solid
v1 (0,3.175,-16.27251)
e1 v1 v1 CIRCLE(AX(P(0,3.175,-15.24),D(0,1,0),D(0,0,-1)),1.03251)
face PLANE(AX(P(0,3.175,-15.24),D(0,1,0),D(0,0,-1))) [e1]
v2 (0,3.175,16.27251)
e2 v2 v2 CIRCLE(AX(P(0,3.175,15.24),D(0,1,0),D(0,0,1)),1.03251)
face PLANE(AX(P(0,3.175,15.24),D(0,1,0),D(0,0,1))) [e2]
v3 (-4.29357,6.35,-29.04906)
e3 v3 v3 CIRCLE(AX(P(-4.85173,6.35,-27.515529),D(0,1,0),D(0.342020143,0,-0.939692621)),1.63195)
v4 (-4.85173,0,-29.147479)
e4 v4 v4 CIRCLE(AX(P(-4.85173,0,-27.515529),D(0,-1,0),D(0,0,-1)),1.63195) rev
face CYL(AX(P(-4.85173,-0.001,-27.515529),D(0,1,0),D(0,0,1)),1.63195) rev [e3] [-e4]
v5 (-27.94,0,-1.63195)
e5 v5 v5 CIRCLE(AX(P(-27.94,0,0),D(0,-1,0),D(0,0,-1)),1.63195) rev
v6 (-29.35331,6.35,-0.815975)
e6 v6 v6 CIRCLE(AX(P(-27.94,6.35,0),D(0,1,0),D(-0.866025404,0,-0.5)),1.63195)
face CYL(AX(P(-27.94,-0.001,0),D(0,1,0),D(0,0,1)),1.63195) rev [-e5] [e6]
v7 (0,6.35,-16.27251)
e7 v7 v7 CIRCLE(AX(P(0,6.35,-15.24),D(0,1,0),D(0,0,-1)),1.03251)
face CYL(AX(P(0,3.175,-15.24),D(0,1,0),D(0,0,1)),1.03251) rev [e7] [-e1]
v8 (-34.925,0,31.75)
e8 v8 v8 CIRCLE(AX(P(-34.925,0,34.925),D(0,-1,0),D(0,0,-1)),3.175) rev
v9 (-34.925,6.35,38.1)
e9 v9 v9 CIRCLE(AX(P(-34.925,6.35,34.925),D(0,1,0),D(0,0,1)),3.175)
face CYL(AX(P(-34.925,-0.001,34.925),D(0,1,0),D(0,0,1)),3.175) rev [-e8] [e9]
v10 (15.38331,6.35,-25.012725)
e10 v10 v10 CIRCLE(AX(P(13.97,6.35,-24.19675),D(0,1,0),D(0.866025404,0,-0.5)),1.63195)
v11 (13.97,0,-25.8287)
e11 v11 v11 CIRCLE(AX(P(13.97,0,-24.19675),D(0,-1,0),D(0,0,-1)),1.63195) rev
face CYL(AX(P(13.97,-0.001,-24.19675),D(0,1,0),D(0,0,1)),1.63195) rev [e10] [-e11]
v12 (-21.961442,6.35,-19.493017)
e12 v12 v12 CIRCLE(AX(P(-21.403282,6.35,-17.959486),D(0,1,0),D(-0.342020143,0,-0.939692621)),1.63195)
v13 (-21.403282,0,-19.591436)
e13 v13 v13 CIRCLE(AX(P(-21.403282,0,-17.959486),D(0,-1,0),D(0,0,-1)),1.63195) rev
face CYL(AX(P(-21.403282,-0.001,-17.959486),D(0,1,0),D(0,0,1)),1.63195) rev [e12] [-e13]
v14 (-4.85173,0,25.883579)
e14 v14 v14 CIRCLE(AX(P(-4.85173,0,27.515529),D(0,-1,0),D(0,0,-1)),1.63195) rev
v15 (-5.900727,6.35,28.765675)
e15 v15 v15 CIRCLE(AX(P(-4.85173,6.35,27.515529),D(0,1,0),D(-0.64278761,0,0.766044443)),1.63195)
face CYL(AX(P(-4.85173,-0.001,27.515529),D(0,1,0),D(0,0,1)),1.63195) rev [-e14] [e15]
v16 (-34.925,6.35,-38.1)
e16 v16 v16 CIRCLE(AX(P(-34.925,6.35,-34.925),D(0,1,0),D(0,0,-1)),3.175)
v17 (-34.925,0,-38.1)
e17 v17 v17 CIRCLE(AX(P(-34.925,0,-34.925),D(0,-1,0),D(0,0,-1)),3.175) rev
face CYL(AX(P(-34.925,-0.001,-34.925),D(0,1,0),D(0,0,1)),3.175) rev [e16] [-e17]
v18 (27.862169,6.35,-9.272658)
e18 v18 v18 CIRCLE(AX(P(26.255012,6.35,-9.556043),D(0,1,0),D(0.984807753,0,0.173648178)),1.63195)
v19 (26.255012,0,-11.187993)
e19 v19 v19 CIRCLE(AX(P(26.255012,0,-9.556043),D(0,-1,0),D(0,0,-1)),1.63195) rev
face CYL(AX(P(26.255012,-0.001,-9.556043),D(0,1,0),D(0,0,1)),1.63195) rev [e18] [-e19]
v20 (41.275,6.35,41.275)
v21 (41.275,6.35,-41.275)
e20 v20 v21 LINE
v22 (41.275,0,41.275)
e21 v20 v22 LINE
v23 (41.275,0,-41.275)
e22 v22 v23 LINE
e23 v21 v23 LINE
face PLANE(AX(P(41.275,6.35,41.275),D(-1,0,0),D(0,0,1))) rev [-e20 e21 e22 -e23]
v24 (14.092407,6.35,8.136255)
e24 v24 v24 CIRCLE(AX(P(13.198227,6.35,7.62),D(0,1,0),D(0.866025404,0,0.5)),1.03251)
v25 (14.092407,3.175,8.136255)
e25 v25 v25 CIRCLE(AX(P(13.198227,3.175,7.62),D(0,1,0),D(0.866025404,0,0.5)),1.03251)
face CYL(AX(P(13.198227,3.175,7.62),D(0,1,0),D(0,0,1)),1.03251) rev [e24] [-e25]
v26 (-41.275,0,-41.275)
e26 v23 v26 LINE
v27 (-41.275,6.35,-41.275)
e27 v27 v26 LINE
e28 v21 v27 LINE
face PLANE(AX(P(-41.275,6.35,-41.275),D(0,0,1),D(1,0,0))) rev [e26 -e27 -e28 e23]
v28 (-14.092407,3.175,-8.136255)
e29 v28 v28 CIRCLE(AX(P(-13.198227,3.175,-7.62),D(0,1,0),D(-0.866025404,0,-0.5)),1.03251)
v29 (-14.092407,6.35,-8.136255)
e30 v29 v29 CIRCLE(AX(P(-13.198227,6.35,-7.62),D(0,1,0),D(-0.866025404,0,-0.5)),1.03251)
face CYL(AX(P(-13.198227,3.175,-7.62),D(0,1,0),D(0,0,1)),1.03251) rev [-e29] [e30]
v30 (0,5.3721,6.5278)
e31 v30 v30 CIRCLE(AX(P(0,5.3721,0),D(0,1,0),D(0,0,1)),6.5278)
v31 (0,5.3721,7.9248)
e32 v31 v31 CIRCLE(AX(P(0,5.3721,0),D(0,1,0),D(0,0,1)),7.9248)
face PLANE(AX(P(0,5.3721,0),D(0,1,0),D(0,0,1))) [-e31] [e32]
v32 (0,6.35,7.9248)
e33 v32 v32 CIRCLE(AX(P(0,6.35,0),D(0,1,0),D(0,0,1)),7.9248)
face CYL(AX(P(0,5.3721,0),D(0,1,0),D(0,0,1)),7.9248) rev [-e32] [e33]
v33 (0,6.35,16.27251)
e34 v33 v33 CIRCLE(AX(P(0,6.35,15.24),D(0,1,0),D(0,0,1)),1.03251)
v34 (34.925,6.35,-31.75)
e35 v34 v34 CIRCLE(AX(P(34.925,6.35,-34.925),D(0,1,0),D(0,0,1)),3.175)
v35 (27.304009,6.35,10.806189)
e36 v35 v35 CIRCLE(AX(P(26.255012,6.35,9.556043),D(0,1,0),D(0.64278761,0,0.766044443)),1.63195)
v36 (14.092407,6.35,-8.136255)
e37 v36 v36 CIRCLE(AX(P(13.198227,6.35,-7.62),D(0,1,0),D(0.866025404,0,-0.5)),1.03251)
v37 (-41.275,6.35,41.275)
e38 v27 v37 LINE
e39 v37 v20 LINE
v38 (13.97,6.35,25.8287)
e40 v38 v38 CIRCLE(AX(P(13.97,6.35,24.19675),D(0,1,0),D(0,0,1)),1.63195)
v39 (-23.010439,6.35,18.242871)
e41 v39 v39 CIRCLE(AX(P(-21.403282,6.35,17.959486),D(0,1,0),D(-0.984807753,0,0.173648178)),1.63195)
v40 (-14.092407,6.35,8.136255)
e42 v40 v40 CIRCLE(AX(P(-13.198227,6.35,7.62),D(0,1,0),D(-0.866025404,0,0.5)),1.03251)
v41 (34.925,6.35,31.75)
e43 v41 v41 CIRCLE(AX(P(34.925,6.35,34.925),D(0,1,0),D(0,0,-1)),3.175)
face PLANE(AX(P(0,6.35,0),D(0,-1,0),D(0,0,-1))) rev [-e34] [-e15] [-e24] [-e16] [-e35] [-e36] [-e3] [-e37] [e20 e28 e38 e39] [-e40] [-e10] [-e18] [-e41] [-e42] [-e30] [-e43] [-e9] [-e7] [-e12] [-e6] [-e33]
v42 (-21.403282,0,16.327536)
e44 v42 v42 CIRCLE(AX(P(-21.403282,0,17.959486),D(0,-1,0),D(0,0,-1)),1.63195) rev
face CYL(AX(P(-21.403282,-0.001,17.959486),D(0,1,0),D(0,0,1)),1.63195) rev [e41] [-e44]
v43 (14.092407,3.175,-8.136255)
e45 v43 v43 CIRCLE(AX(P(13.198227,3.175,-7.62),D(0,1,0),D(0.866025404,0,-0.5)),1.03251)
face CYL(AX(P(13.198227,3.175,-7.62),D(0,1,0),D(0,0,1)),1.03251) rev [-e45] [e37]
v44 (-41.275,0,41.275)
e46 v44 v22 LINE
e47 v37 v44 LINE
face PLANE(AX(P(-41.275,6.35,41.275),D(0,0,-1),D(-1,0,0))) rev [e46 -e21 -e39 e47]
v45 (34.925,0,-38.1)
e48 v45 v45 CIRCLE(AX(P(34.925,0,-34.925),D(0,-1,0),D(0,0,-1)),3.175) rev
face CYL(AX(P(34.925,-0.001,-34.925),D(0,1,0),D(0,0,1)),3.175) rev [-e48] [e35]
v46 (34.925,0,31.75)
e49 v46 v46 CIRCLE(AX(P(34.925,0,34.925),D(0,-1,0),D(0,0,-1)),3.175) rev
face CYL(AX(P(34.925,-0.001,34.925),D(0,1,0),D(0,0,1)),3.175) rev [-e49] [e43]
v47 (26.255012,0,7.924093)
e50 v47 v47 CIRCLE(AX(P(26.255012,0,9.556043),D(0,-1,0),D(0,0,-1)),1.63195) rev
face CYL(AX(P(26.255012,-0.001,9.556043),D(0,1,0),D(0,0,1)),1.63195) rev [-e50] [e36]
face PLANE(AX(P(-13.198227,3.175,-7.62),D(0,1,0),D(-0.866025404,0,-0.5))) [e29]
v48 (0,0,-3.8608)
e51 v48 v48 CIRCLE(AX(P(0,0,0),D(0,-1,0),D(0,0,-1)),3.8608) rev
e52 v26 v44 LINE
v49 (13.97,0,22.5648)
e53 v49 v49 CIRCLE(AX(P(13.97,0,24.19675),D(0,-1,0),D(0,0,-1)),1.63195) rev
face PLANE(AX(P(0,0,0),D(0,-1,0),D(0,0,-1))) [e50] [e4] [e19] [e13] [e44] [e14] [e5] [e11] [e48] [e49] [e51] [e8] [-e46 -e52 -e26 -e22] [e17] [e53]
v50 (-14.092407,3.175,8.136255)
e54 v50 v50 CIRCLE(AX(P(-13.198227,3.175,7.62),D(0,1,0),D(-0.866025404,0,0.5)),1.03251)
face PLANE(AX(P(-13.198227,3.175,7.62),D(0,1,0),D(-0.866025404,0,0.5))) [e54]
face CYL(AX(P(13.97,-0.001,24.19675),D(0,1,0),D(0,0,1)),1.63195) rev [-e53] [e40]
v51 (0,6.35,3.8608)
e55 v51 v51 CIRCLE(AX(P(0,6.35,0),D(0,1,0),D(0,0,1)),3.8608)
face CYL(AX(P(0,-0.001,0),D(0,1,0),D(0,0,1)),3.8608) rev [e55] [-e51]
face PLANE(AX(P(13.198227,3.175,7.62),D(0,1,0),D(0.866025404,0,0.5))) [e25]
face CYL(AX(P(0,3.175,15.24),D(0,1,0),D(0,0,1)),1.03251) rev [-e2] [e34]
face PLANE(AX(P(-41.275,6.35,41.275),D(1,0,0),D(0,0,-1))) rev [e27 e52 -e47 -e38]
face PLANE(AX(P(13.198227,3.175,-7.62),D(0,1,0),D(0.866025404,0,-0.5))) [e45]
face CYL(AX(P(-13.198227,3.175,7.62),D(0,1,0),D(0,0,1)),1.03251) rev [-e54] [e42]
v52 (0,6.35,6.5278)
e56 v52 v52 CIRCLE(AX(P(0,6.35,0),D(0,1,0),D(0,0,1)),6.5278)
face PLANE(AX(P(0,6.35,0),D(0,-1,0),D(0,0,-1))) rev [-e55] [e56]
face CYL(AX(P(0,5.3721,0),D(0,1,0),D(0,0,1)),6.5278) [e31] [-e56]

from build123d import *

# Parameters (mm, degrees)
SKETCH1_W           = 82.55
SKETCH1_H           = 82.55
BOSS_EXTRUDE1_DEPTH = 6.35
CUT_EXTRUDE1_REACH  = 60.716
SKETCH2_R           = 3.8608
SKETCH4_R           = 7.9248
SKETCH4_R_2         = 6.5278
CUT_EXTRUDE3_DEPTH  = 0.9779
SKETCH5_R           = 1.03251
CUT_EXTRUDE4_DEPTH  = 3.175
CIRPATTERN1_COUNT   = 6
CUT_EXTRUDE5_REACH  = 60.716
SKETCH6_R           = 1.63195
CIRPATTERN2_COUNT   = 9
CUT_EXTRUDE6_REACH  = 60.716
SKETCH7_R           = 3.175


with BuildPart() as part:
    # Sketch1 → Boss-Extrude1 (new body)
    with BuildSketch(Plane(origin=(0, 0, 0), x_dir=(1, 0, 0), z_dir=(0, 1, 0))):
        Rectangle(SKETCH1_W, SKETCH1_H)
    extrude(amount=BOSS_EXTRUDE1_DEPTH)

    # Sketch2 → Cut-Extrude1 (cut, up to next)
    with BuildSketch(Plane(origin=(0, 6.35, 0), x_dir=(1, 0, 0), z_dir=(0, 1, 0)), mode=Mode.PRIVATE) as cut_extrude1_sk1:
        with Locations(Location((0, 0, 0), (0, 0, 270))):
            Circle(SKETCH2_R)
    cut_extrude1_tool1 = extrude(cut_extrude1_sk1.sketch, amount=-CUT_EXTRUDE1_REACH, mode=Mode.PRIVATE) & part.part
    add(cut_extrude1_tool1.solids().sort_by_distance((0, 6.35, 0))[0], mode=Mode.SUBTRACT)

    # Sketch4 → Cut-Extrude3 (cut)
    with BuildSketch(Plane(origin=(0, 6.35, 0), x_dir=(1, 0, 0), z_dir=(0, 1, 0))):
        with Locations(Location((0, 0, 0), (0, 0, 270))):
            Circle(SKETCH4_R)
        with Locations(Location((0, 0, 0), (0, 0, 270))):
            Circle(SKETCH4_R_2, mode=Mode.SUBTRACT)
    extrude(amount=-CUT_EXTRUDE3_DEPTH, mode=Mode.SUBTRACT)

    # Sketch5 → Cut-Extrude4 (cut)
    with BuildSketch(Plane(origin=(0, 6.35, 0), x_dir=(1, 0, 0), z_dir=(0, 1, 0))):
        with Locations(Location((0, -15.24, 0), (0, 0, 270))):
            Circle(SKETCH5_R)
    cut_extrude4 = extrude(amount=-CUT_EXTRUDE4_DEPTH, mode=Mode.SUBTRACT)

    # CirPattern1: Cut-Extrude4 ×6 about axis
    cirpattern1_axis = Axis((0, 0, 0), (0, 1, 0))
    for i in range(1, CIRPATTERN1_COUNT):
        add(cut_extrude4.rotate(cirpattern1_axis, i * 360 / CIRPATTERN1_COUNT), mode=Mode.SUBTRACT)

    # Sketch6 → Cut-Extrude5 (cut, up to next)
    with BuildSketch(Plane(origin=(0, 6.35, 0), x_dir=(1, 0, 0), z_dir=(0, 1, 0)), mode=Mode.PRIVATE) as cut_extrude5_sk1:
        with Locations(Location((13.97, -24.196749782, 0), (0, 0, 270))):
            Circle(SKETCH6_R)
    cut_extrude5_tool1 = extrude(cut_extrude5_sk1.sketch, amount=-CUT_EXTRUDE5_REACH, mode=Mode.PRIVATE) & part.part
    cut_extrude5 = cut_extrude5_tool1.solids().sort_by_distance((13.97, 6.35, 24.19675))[0]
    add(cut_extrude5, mode=Mode.SUBTRACT)

    # CirPattern2: Cut-Extrude5 ×9 about axis
    cirpattern2_axis = Axis((0, 0, 0), (0, 1, 0))
    for i in range(1, CIRPATTERN2_COUNT):
        add(cut_extrude5.rotate(cirpattern2_axis, i * 360 / CIRPATTERN2_COUNT), mode=Mode.SUBTRACT)

    # Sketch7 → Cut-Extrude6 (cut, up to next)
    with BuildSketch(Plane(origin=(0, 6.35, 0), x_dir=(1, 0, 0), z_dir=(0, 1, 0)), mode=Mode.PRIVATE) as cut_extrude6_sk1:
        with Locations(Location((34.925, 34.925, 0), (0, 0, 270))):
            Circle(SKETCH7_R)
    cut_extrude6_tool1 = extrude(cut_extrude6_sk1.sketch, amount=-CUT_EXTRUDE6_REACH, mode=Mode.PRIVATE) & part.part
    # Sketch7 → Cut-Extrude6 (cut, up to next)
    with BuildSketch(Plane(origin=(0, 6.35, 0), x_dir=(1, 0, 0), z_dir=(0, 1, 0)), mode=Mode.PRIVATE) as cut_extrude6_sk2:
        with Locations(Location((34.925, -34.925, 0), (0, 0, 90))):
            Circle(SKETCH7_R)
    cut_extrude6_tool2 = extrude(cut_extrude6_sk2.sketch, amount=-CUT_EXTRUDE6_REACH, mode=Mode.PRIVATE) & part.part
    # Sketch7 → Cut-Extrude6 (cut, up to next)
    with BuildSketch(Plane(origin=(0, 6.35, 0), x_dir=(1, 0, 0), z_dir=(0, 1, 0)), mode=Mode.PRIVATE) as cut_extrude6_sk3:
        with Locations(Location((-34.925, -34.925, 0), (0, 0, 270))):
            Circle(SKETCH7_R)
    cut_extrude6_tool3 = extrude(cut_extrude6_sk3.sketch, amount=-CUT_EXTRUDE6_REACH, mode=Mode.PRIVATE) & part.part
    # Sketch7 → Cut-Extrude6 (cut, up to next)
    with BuildSketch(Plane(origin=(0, 6.35, 0), x_dir=(1, 0, 0), z_dir=(0, 1, 0)), mode=Mode.PRIVATE) as cut_extrude6_sk4:
        with Locations(Location((-34.925, 34.925, 0), (0, 0, 90))):
            Circle(SKETCH7_R)
    cut_extrude6_tool4 = extrude(cut_extrude6_sk4.sketch, amount=-CUT_EXTRUDE6_REACH, mode=Mode.PRIVATE) & part.part
    add(cut_extrude6_tool1.solids().sort_by_distance((34.925, 6.35, -34.925))[0], mode=Mode.SUBTRACT)
    add(cut_extrude6_tool2.solids().sort_by_distance((34.925, 6.35, 34.925))[0], mode=Mode.SUBTRACT)
    add(cut_extrude6_tool3.solids().sort_by_distance((-34.925, 6.35, 34.925))[0], mode=Mode.SUBTRACT)
    add(cut_extrude6_tool4.solids().sort_by_distance((-34.925, 6.35, -34.925))[0], mode=Mode.SUBTRACT)


solid = part.part
